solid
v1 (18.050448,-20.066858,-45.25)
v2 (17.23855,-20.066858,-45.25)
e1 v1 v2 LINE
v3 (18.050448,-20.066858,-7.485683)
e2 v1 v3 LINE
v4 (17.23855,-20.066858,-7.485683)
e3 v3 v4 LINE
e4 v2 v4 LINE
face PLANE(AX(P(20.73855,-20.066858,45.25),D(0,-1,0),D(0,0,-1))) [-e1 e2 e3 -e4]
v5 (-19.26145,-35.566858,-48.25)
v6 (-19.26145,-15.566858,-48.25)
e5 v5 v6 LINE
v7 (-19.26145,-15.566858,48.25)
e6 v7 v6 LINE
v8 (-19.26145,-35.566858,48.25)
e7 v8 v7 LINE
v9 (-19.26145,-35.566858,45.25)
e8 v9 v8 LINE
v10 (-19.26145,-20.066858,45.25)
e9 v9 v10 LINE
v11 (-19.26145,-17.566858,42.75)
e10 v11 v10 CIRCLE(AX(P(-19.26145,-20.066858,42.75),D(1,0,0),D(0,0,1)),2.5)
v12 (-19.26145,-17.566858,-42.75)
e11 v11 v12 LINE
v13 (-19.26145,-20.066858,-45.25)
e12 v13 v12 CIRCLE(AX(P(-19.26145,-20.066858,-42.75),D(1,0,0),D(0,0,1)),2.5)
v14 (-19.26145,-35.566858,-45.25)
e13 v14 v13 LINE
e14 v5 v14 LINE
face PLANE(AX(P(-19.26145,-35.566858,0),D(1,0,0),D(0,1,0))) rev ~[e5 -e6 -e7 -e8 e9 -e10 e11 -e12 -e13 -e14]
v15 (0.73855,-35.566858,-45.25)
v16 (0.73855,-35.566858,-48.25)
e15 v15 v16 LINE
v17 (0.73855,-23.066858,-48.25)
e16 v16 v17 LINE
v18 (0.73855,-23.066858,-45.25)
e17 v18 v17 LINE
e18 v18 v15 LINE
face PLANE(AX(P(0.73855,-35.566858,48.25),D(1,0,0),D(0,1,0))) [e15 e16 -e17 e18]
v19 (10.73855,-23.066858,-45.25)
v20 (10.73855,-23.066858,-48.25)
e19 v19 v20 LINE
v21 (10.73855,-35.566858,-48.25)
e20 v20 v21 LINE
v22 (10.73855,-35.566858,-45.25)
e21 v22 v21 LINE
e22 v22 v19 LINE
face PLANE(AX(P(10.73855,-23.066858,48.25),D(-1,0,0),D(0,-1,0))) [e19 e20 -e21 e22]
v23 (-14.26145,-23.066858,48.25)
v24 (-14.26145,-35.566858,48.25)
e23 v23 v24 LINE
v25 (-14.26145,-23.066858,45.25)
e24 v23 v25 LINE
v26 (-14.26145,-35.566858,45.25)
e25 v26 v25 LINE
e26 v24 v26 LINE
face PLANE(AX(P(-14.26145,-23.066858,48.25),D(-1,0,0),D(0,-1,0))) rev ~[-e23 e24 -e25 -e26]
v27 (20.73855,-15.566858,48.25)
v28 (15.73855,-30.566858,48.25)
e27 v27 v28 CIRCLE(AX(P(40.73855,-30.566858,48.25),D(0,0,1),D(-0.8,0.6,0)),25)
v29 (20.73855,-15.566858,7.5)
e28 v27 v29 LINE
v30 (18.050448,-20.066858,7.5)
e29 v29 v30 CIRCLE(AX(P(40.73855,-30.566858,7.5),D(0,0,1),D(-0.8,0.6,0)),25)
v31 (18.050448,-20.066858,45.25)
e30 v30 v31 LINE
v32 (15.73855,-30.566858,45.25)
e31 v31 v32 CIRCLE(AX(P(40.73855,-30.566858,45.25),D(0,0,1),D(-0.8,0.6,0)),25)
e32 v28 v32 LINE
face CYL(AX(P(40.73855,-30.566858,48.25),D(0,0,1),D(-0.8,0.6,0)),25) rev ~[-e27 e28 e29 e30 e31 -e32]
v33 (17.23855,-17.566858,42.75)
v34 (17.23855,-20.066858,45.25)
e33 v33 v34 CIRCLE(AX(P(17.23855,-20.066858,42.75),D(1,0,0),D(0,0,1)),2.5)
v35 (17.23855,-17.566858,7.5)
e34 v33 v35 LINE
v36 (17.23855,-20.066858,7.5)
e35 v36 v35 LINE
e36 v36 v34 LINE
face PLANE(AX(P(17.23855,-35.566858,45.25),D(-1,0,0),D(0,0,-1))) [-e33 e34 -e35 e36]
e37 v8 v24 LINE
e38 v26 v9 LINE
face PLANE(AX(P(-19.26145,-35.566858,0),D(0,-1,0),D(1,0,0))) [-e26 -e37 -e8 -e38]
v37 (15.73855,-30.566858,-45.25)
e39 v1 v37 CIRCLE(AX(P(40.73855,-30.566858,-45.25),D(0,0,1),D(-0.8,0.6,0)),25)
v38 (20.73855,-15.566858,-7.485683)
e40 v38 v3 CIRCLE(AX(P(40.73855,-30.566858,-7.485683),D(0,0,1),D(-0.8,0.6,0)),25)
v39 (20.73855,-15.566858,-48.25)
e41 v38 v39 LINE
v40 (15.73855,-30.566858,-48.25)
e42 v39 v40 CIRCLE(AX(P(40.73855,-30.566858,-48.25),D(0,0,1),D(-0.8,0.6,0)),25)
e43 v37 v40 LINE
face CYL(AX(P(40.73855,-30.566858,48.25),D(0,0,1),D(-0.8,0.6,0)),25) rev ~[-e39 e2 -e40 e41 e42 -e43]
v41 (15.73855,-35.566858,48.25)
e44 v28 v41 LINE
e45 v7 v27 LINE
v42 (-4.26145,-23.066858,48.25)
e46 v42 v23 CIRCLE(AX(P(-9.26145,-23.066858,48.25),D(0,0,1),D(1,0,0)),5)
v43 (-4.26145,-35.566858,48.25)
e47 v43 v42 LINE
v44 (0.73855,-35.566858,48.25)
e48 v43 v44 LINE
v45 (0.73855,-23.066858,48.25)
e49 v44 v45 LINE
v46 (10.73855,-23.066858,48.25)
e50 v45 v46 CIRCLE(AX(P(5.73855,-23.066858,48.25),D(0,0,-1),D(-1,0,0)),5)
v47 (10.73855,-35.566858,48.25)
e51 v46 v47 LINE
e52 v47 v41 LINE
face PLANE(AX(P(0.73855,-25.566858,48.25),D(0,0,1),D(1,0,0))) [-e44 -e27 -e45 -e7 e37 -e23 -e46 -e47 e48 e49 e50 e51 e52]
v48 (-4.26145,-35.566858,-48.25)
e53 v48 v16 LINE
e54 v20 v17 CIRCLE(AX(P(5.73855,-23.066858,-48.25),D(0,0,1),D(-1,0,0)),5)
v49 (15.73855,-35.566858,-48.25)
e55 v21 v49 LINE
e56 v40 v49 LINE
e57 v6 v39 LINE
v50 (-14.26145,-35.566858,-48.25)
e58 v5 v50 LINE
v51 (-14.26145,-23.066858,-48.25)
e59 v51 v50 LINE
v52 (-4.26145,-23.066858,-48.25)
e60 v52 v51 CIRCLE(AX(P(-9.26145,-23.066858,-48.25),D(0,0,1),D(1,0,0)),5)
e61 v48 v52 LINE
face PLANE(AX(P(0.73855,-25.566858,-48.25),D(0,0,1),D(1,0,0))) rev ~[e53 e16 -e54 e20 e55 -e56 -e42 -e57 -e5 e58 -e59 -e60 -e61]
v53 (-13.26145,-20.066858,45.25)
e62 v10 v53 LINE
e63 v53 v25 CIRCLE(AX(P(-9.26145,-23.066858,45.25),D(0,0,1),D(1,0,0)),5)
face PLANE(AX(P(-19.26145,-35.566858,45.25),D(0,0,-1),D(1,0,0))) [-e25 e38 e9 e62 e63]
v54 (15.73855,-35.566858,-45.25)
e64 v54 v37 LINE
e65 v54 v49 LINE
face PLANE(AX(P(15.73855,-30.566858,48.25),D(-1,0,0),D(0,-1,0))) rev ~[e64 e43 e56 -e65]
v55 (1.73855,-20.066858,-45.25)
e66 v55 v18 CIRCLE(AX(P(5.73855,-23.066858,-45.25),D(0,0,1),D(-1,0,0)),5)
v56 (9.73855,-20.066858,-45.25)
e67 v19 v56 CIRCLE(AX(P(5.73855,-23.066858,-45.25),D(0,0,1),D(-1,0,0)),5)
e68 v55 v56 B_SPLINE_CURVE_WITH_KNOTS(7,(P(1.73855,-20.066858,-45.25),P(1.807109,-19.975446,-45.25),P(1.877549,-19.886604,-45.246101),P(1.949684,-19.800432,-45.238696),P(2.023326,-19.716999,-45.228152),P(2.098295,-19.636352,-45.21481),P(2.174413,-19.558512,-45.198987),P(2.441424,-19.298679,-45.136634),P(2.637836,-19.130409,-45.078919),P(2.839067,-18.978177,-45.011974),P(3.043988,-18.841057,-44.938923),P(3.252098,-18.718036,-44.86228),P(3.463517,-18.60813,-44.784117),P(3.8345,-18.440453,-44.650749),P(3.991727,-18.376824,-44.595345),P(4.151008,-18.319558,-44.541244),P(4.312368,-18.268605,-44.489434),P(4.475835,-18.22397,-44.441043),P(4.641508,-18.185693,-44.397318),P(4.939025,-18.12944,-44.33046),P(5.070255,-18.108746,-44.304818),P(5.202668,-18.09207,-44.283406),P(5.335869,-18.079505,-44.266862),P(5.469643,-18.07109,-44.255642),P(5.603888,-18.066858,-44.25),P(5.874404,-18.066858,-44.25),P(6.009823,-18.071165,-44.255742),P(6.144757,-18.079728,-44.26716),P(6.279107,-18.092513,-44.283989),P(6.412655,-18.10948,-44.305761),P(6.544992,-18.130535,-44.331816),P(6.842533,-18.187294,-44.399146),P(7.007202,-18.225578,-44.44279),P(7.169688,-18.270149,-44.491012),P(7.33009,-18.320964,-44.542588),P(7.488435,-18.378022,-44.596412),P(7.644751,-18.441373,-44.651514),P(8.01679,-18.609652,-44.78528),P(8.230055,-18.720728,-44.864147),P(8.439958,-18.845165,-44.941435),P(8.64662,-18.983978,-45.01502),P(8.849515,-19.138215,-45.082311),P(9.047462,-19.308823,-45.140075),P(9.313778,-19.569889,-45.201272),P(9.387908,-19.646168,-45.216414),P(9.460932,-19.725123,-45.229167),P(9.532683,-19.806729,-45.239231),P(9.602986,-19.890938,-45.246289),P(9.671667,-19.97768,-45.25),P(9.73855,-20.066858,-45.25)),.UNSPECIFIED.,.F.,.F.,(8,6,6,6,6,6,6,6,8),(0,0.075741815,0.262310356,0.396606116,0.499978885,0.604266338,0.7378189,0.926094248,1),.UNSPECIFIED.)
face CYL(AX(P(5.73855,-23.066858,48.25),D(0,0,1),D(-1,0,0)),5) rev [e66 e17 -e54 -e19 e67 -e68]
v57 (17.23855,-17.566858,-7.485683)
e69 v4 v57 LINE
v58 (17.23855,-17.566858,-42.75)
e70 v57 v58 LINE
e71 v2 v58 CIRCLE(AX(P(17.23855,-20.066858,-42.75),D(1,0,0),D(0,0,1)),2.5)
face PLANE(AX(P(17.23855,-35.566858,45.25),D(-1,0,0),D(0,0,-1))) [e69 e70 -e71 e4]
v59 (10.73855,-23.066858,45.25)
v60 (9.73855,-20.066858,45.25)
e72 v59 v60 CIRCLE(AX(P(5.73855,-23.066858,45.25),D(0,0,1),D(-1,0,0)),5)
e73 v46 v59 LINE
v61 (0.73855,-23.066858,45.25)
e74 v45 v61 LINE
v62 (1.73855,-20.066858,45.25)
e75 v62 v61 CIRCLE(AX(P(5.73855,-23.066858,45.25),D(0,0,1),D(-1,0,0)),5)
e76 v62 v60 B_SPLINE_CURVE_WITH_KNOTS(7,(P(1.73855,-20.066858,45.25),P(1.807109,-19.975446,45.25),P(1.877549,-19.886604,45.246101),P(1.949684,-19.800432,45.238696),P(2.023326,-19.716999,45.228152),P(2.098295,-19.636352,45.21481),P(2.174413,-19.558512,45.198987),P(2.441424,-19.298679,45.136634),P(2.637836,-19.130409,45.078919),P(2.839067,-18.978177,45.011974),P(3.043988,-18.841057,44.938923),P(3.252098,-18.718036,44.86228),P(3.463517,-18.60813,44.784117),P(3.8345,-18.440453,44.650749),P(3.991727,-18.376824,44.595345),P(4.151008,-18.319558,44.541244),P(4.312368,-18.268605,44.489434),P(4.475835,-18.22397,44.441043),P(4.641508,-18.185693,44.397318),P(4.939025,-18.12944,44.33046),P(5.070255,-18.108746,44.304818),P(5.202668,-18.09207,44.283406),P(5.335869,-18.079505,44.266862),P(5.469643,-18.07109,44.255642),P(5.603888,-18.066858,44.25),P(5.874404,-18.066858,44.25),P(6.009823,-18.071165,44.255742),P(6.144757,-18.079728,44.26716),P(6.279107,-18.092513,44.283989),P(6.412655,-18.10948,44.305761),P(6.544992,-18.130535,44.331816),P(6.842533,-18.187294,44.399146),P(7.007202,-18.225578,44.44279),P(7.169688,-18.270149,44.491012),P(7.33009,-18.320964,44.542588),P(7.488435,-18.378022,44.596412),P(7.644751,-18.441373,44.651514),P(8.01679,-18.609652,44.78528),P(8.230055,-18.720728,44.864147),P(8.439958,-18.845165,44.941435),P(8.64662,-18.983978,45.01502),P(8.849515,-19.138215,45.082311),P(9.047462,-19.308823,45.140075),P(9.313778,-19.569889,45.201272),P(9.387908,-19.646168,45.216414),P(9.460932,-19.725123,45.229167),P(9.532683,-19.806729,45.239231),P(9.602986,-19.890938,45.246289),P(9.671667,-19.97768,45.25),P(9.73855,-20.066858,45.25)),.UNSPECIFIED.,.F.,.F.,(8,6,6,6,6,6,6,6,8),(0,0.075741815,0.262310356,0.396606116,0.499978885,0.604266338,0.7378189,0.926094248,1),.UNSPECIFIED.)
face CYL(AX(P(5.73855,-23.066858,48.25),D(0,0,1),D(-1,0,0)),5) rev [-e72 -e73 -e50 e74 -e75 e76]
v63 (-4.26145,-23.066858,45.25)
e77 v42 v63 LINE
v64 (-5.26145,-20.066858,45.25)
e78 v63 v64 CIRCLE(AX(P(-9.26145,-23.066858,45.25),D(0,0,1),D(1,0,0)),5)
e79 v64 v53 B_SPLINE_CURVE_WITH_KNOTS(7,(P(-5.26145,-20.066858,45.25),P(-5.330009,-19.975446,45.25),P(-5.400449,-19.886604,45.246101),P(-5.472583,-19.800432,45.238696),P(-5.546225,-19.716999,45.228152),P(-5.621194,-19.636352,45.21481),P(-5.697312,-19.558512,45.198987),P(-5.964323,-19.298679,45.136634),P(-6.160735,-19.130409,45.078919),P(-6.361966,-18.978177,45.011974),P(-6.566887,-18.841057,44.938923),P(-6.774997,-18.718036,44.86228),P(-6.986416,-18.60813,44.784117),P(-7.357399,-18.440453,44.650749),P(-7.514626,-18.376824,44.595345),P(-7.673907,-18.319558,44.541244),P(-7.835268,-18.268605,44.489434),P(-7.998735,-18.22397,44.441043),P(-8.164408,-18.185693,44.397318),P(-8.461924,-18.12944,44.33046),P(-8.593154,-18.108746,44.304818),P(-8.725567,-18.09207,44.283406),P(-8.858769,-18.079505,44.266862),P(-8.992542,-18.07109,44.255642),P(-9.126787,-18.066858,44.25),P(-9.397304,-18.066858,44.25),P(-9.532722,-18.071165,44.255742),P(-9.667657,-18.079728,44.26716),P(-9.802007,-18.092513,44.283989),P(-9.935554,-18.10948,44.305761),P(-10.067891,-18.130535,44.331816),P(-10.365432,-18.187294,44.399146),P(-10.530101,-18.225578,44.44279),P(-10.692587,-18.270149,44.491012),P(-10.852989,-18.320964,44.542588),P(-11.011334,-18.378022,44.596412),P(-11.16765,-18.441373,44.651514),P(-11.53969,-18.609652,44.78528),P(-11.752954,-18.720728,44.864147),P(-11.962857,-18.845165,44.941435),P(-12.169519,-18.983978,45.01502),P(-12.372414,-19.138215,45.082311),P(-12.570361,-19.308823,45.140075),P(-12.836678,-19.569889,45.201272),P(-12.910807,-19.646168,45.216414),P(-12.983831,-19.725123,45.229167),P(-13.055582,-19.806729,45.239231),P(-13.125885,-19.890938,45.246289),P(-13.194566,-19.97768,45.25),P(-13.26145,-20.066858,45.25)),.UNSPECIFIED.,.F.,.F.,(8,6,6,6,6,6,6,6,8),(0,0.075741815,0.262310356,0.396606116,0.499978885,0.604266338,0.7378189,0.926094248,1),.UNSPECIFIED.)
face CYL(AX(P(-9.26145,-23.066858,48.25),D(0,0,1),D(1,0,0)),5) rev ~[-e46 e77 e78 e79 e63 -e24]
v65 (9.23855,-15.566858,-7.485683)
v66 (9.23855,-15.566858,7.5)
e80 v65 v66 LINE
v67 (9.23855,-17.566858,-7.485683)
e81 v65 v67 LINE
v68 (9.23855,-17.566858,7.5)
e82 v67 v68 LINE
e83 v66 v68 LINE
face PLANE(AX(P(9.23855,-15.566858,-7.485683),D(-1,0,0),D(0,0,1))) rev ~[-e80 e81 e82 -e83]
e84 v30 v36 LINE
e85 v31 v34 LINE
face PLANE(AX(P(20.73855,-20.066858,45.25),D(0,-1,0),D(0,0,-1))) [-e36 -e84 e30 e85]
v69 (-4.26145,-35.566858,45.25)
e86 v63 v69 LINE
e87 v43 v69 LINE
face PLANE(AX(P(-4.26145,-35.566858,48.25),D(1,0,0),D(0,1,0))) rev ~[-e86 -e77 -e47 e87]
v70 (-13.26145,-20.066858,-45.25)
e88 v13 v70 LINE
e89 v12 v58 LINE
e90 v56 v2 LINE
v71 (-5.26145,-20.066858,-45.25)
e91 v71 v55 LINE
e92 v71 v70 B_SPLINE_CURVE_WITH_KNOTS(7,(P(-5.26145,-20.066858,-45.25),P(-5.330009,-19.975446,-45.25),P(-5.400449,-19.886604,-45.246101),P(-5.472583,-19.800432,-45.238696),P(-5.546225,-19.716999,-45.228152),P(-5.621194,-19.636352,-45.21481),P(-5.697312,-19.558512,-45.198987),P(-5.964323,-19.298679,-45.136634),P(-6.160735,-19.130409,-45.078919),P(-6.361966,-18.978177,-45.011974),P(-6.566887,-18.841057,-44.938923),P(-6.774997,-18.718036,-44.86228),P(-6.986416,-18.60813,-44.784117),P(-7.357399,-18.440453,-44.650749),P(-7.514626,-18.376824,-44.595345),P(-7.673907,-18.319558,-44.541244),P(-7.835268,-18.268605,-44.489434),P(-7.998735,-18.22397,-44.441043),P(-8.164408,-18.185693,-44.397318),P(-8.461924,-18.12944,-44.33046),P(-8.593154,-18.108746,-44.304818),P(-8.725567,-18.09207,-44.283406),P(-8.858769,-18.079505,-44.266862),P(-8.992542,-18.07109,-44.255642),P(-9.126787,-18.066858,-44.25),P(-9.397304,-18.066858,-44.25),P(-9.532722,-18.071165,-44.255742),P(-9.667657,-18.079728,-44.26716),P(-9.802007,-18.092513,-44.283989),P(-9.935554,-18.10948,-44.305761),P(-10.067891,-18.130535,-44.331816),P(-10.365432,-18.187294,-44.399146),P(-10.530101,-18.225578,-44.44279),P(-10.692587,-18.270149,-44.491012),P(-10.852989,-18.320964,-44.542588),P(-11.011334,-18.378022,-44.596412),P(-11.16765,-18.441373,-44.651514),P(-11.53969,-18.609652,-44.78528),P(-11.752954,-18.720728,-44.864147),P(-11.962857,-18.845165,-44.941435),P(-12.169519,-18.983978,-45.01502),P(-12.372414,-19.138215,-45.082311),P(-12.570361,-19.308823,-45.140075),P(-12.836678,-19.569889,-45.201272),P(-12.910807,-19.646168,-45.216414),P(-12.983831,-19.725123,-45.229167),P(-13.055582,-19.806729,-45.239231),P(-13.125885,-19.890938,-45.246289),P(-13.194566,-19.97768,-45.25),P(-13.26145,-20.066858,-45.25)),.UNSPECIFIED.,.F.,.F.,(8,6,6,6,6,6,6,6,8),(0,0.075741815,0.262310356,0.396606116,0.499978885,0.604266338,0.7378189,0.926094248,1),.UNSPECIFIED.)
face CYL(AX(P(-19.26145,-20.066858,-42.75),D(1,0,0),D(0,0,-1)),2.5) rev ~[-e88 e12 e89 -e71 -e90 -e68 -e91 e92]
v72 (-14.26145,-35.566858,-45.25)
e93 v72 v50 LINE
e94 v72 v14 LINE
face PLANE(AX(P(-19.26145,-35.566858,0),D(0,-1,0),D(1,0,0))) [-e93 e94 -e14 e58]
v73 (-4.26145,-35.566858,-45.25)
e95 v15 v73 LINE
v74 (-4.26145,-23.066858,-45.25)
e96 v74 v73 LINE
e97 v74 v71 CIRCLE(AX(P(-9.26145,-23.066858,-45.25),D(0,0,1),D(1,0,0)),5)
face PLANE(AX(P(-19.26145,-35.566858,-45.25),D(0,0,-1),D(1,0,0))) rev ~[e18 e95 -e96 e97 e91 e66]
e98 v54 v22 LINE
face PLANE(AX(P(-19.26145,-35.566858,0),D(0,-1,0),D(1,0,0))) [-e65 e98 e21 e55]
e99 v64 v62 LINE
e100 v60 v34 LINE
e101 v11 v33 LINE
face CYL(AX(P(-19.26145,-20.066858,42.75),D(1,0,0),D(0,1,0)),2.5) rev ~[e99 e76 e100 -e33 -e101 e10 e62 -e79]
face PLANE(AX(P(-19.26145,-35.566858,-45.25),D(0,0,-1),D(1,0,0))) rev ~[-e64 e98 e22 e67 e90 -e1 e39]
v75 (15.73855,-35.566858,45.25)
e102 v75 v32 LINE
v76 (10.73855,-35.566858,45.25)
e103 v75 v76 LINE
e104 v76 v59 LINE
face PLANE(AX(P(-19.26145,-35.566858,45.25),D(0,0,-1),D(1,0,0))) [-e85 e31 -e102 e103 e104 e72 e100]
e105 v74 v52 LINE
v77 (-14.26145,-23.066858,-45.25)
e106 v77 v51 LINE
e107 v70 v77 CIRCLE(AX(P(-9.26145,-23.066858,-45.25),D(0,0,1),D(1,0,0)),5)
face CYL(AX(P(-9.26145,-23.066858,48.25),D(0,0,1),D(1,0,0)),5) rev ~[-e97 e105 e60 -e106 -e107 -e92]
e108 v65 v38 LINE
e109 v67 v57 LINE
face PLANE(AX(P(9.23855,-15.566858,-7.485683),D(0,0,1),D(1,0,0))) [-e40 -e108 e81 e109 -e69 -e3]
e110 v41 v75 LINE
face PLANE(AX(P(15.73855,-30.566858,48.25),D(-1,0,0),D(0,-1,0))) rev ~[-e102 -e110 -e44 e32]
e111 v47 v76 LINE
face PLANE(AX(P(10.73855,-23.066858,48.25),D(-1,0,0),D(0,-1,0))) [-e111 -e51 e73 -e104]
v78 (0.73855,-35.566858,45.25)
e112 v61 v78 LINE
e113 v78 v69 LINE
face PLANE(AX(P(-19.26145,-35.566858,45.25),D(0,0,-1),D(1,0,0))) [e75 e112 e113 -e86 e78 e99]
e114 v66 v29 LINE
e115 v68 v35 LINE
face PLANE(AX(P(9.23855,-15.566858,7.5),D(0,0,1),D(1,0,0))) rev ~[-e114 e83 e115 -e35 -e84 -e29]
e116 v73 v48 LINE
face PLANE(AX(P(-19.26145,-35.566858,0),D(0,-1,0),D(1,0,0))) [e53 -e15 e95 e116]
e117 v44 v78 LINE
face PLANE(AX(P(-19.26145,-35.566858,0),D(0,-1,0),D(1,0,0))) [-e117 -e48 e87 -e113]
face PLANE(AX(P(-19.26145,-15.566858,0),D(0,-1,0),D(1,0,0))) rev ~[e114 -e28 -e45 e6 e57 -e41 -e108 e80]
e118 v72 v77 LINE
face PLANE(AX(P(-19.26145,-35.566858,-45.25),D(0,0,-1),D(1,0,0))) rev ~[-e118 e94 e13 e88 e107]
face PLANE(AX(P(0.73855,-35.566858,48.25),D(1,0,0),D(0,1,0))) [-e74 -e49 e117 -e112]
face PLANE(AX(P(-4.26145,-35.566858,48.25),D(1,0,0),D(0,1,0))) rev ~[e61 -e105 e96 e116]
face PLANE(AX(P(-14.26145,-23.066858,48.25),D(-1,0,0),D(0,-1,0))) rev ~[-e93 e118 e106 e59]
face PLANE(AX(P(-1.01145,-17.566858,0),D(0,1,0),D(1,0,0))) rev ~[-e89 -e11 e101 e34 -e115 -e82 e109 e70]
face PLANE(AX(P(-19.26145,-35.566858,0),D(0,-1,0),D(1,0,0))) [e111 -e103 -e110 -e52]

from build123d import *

# Parameters (mm, degrees)
SKETCH8_W           = 40
SKETCH8_H           = 20
BOSS_EXTRUDE1_DEPTH = 48.25
SKETCH10_W          = 36.5
SKETCH10_H          = 90.5
CUT_EXTRUDE6_DEPTH  = 18
SKETCH12_W          = 90.5
SKETCH12_H          = 15.5
CUT_EXTRUDE9_DEPTH  = 28
CUT_EXTRUDE10_DEPTH = 97.5
SKETCH14_W          = 13
SKETCH14_H          = 14.985683259
CUT_EXTRUDE11_DEPTH = 10
FILLET6_R           = 2.5
CUT_EXTRUDE12_DEPTH = 97.5


with BuildPart() as part:
    # Sketch8 → Boss-Extrude1 (new body, symmetric)
    with BuildSketch(Plane.XY):
        with Locations((0.738550377, -25.566858374)):
            Rectangle(SKETCH8_W, SKETCH8_H)
    extrude(amount=BOSS_EXTRUDE1_DEPTH, both=True)

    # Sketch10 → Cut-Extrude6 (cut)
    with BuildSketch(Plane(origin=(0, -35.566858374, 0), x_dir=(1, 0, 0), z_dir=(0, 1, 0))):
        with Locations((-1.011449623, 0)):
            Rectangle(SKETCH10_W, SKETCH10_H)
    extrude(amount=CUT_EXTRUDE6_DEPTH, mode=Mode.SUBTRACT)

    # Sketch12 → Cut-Extrude9 (cut)
    with BuildSketch(Plane(origin=(20.738550377, 0, 0), x_dir=(0, 0, -1), z_dir=(1, 0, 0))):
        with Locations((0, -27.816858374)):
            Rectangle(SKETCH12_W, SKETCH12_H)
    extrude(amount=-CUT_EXTRUDE9_DEPTH, mode=Mode.SUBTRACT)

    # Sketch13 → Cut-Extrude10 (cut, through all)
    with BuildSketch(Plane.XY.offset(48.25)):
        with BuildLine():
            Line((15.738550377, -35.566858374), (20.738550377, -35.566858374))
            Line((20.738550377, -35.566858374), (20.738550377, -15.566858374))
            ThreePointArc((20.738550377, -15.566858374), (17.021467925, -22.661164224), (15.738550377, -30.566858374))
            Line((15.738550377, -30.566858374), (15.738550377, -35.566858374))
        make_face()
    extrude(amount=-CUT_EXTRUDE10_DEPTH, mode=Mode.SUBTRACT)

    # Sketch14 → Cut-Extrude11 (cut)
    with BuildSketch(Plane.XZ.offset(15.566858374)):
        with Locations((15.738550377, 0.007158371)):
            Rectangle(SKETCH14_W, SKETCH14_H)
    extrude(amount=CUT_EXTRUDE11_DEPTH, mode=Mode.SUBTRACT)

    # Fillet6
    fillet6_edges = [part.edges().sort_by_distance(p)[0] for p in [
        (-1.011449623, -17.566858374, 45.25),
        (-1.011449623, -17.566858374, -45.25),
    ]]
    fillet(fillet6_edges, radius=FILLET6_R)

    # Sketch15 → Cut-Extrude12 (cut, through all)
    with BuildSketch(Plane.XY.offset(48.25)):
        with BuildLine():
            Line((-14.261449623, -35.566858374), (-4.261449623, -35.566858374))
            Line((-4.261449623, -35.566858374), (-4.261449623, -23.066858374))
            ThreePointArc((-4.261449623, -23.066858374), (-9.261449623, -18.066858374), (-14.261449623, -23.066858374))
            Line((-14.261449623, -23.066858374), (-14.261449623, -35.566858374))
        make_face()
        with BuildLine():
            Line((10.738550377, -35.566858374), (0.738550377, -35.566858374))
            Line((0.738550377, -35.566858374), (0.738550377, -23.066858374))
            ThreePointArc((0.738550377, -23.066858374), (5.738550377, -18.066858374), (10.738550377, -23.066858374))
            Line((10.738550377, -23.066858374), (10.738550377, -35.566858374))
        make_face()
    extrude(amount=-CUT_EXTRUDE12_DEPTH, mode=Mode.SUBTRACT)


solid = part.part
